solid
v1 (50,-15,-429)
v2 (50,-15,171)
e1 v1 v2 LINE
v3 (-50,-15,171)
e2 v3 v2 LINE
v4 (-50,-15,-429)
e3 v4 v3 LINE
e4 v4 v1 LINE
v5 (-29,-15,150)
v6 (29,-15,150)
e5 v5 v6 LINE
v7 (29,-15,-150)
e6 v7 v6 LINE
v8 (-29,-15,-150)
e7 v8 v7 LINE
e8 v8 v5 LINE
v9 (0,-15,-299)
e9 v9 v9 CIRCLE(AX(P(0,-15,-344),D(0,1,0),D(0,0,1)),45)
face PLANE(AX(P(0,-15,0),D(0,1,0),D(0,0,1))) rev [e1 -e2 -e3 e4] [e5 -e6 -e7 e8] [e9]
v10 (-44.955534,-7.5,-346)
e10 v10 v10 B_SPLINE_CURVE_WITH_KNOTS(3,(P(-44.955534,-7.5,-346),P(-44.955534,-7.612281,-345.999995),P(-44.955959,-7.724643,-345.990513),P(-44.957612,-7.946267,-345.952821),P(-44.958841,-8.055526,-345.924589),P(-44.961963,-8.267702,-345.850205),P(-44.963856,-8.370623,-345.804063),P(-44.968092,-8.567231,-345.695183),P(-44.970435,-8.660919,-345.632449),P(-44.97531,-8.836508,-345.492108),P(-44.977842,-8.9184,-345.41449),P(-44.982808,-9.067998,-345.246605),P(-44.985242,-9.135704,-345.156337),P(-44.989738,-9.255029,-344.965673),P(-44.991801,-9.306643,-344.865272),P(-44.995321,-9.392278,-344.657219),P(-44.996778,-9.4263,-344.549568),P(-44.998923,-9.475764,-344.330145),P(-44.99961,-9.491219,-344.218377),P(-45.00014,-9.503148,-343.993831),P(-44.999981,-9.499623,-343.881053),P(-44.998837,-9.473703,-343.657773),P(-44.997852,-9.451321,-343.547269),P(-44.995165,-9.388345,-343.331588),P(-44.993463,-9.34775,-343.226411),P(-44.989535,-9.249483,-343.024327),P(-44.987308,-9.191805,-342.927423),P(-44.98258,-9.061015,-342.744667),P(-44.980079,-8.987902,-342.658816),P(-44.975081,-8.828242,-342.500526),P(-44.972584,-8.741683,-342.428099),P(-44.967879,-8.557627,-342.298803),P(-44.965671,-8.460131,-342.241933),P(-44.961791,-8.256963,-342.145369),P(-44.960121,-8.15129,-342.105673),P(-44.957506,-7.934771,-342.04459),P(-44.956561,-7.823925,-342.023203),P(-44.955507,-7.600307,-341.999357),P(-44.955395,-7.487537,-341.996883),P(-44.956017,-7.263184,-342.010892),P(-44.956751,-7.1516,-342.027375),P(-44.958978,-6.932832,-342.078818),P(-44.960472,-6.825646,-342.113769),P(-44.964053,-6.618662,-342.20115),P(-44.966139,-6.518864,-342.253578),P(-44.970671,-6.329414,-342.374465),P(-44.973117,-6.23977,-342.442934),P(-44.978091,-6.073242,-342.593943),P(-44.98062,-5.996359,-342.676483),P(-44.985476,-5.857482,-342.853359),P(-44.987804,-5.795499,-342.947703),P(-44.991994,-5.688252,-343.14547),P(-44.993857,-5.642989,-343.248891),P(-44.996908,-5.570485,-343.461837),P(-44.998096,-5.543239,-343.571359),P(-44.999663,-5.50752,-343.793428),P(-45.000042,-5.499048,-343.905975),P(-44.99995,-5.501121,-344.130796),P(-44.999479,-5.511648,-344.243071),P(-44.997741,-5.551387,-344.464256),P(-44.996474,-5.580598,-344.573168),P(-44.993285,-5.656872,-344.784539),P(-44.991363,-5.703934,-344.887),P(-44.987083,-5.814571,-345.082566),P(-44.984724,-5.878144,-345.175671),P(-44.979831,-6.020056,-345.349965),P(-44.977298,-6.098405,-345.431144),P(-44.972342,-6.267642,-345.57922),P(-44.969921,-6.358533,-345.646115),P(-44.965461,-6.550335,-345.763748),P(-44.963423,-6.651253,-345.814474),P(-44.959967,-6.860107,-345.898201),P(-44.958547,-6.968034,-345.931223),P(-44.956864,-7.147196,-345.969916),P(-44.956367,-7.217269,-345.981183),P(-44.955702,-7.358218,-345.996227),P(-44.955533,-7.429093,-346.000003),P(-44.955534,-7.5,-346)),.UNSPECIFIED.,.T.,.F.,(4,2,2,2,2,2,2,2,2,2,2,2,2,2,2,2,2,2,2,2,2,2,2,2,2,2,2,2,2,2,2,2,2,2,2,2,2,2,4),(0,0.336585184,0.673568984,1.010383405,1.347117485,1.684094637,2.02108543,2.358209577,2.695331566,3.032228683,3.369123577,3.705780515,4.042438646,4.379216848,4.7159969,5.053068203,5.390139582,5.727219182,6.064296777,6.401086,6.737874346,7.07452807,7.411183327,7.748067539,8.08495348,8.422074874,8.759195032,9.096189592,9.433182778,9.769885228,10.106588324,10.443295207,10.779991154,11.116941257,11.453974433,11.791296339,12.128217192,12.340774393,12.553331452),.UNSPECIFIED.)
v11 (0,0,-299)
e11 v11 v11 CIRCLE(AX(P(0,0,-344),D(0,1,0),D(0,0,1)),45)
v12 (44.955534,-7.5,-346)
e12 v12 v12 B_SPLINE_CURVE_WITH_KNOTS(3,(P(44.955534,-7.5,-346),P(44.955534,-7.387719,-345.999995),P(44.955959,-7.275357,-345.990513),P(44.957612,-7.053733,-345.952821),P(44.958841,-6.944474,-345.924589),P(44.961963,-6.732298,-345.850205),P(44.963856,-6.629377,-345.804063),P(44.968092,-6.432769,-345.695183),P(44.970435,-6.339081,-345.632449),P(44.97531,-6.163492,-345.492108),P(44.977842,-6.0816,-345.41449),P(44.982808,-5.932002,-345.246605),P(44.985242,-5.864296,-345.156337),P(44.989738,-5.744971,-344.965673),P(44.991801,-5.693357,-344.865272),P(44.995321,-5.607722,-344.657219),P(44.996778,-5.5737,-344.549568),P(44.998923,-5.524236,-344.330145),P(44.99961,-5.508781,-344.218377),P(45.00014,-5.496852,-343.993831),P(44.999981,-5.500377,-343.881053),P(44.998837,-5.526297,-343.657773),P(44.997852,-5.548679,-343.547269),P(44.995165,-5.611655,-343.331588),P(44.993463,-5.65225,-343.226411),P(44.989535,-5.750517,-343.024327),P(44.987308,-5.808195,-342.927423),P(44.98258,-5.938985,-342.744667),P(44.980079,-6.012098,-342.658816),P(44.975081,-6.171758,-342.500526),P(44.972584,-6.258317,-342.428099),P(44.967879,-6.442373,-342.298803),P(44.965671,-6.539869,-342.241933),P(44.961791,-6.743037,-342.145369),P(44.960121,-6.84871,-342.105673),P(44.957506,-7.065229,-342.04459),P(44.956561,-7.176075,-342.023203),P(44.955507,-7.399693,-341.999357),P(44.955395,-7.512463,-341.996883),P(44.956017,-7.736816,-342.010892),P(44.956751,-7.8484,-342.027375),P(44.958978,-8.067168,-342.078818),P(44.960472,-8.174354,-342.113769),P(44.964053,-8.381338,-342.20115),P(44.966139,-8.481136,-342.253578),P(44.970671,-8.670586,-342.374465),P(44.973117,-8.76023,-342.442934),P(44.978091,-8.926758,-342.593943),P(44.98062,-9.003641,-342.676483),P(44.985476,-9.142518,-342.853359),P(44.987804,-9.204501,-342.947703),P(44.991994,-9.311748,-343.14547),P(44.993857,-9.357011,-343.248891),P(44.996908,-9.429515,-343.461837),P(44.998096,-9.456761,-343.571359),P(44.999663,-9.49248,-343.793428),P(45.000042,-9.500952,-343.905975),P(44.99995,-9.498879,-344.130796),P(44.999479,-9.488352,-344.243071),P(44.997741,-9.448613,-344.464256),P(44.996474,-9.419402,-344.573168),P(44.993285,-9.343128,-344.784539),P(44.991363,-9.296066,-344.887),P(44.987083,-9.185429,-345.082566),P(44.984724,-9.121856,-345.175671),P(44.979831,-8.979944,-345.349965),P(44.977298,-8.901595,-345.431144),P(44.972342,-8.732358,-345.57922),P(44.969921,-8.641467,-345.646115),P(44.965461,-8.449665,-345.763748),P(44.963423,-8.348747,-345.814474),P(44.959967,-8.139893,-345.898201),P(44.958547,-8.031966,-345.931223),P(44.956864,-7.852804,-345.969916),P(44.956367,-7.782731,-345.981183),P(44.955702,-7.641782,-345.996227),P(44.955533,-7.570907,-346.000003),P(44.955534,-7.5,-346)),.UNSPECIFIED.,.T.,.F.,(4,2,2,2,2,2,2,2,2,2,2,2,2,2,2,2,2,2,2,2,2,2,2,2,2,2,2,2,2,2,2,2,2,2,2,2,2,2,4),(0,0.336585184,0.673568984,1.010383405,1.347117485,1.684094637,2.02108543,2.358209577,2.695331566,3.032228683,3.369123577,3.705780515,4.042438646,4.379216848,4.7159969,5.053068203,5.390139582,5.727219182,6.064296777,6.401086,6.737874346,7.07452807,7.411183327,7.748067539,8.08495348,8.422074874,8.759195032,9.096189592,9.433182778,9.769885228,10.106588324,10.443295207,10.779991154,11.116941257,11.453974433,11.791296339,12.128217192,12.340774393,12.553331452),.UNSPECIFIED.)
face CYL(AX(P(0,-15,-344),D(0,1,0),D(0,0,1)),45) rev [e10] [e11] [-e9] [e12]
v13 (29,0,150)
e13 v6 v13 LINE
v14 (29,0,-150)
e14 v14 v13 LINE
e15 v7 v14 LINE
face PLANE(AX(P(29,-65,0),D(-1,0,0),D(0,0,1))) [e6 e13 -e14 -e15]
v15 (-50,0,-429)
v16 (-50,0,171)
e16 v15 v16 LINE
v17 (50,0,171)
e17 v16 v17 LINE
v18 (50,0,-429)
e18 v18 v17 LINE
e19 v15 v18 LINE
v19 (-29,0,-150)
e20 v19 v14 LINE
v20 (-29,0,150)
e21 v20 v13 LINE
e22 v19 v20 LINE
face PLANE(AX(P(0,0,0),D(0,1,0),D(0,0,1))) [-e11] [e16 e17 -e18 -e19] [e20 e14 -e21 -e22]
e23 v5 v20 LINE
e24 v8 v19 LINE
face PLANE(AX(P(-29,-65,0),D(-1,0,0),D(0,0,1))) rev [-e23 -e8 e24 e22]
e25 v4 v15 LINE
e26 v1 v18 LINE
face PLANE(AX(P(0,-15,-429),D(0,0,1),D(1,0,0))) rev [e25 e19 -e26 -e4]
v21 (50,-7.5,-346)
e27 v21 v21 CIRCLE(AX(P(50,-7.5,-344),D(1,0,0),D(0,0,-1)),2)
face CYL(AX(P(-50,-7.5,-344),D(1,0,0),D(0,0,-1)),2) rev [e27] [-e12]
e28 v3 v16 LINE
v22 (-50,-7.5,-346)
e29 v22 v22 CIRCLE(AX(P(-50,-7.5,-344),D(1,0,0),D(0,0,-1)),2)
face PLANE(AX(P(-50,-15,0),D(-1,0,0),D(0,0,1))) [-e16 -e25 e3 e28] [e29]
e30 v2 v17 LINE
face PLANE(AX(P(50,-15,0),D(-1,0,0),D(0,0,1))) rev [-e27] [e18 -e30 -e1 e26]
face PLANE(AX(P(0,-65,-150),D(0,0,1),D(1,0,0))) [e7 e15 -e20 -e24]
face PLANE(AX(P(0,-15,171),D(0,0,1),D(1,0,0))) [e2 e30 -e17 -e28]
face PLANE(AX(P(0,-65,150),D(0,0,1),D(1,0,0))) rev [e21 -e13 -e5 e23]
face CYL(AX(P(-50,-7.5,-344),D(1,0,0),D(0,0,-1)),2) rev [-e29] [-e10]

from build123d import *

# Parameters (mm, degrees)
SKETCH1_W               = 100
SKETCH1_H               = 600
BOSS_EXTRUDE2_DEPTH     = 15
SKETCH1_7_W             = 58
SKETCH1_7_H             = 300
CUT_EXTRUDE1_DEPTH      = 65
SKETCH1_8_R             = 45
CUT_EXTRUDE2_DEPTH      = 433.1643206
CUT_EXTRUDE4_DEPTH      = 441.195695118
CUT_EXTRUDE4_DEPTH_BACK = 441.195695118


with BuildPart() as part:
    # Sketch1 → Boss-Extrude2 (new body)
    with BuildSketch(Plane(origin=(0, 0, 0), x_dir=(1, 0, 0), z_dir=(0, 1, 0))):
        with Locations((0, 129)):
            Rectangle(SKETCH1_W, SKETCH1_H)
    extrude(amount=-BOSS_EXTRUDE2_DEPTH)

    # Sketch1<7> → Cut-Extrude1 (cut)
    with BuildSketch(Plane(origin=(0, 0, 0), x_dir=(1, 0, 0), z_dir=(0, 1, 0))):
        Rectangle(SKETCH1_7_W, SKETCH1_7_H)
    extrude(amount=-CUT_EXTRUDE1_DEPTH, mode=Mode.SUBTRACT)

    # Sketch1<8> → Cut-Extrude2 (cut, through all)
    with BuildSketch(Plane(origin=(0, 0, 0), x_dir=(1, 0, 0), z_dir=(0, 1, 0))):
        with Locations(Location((0, 344, 0), (0, 0, 270))):
            Circle(SKETCH1_8_R)
    extrude(amount=-CUT_EXTRUDE2_DEPTH, mode=Mode.SUBTRACT)

    # Sketch5 → Cut-Extrude4 (cut, two sides: drawn at the far end of the back side and taken through both)
    with BuildSketch(Plane(origin=(47.5, 0, 0), x_dir=(0, 0, -1), z_dir=(1, 0, 0)).offset(-CUT_EXTRUDE4_DEPTH_BACK)):
        with BuildLine():
            ThreePointArc((346, -7.5), (345.414213562, -6.085786438), (344, -5.5))
            Line((344, -5.5), (344, -9.5))
            ThreePointArc((344, -9.5), (345.414213562, -8.914213562), (346, -7.5))
        make_face()
        with BuildLine():
            Line((344, -9.5), (344, -5.5))
            ThreePointArc((344, -5.5), (342, -7.5), (344, -9.5))
        make_face()
    extrude(amount=CUT_EXTRUDE4_DEPTH + CUT_EXTRUDE4_DEPTH_BACK, mode=Mode.SUBTRACT)


solid = part.part
